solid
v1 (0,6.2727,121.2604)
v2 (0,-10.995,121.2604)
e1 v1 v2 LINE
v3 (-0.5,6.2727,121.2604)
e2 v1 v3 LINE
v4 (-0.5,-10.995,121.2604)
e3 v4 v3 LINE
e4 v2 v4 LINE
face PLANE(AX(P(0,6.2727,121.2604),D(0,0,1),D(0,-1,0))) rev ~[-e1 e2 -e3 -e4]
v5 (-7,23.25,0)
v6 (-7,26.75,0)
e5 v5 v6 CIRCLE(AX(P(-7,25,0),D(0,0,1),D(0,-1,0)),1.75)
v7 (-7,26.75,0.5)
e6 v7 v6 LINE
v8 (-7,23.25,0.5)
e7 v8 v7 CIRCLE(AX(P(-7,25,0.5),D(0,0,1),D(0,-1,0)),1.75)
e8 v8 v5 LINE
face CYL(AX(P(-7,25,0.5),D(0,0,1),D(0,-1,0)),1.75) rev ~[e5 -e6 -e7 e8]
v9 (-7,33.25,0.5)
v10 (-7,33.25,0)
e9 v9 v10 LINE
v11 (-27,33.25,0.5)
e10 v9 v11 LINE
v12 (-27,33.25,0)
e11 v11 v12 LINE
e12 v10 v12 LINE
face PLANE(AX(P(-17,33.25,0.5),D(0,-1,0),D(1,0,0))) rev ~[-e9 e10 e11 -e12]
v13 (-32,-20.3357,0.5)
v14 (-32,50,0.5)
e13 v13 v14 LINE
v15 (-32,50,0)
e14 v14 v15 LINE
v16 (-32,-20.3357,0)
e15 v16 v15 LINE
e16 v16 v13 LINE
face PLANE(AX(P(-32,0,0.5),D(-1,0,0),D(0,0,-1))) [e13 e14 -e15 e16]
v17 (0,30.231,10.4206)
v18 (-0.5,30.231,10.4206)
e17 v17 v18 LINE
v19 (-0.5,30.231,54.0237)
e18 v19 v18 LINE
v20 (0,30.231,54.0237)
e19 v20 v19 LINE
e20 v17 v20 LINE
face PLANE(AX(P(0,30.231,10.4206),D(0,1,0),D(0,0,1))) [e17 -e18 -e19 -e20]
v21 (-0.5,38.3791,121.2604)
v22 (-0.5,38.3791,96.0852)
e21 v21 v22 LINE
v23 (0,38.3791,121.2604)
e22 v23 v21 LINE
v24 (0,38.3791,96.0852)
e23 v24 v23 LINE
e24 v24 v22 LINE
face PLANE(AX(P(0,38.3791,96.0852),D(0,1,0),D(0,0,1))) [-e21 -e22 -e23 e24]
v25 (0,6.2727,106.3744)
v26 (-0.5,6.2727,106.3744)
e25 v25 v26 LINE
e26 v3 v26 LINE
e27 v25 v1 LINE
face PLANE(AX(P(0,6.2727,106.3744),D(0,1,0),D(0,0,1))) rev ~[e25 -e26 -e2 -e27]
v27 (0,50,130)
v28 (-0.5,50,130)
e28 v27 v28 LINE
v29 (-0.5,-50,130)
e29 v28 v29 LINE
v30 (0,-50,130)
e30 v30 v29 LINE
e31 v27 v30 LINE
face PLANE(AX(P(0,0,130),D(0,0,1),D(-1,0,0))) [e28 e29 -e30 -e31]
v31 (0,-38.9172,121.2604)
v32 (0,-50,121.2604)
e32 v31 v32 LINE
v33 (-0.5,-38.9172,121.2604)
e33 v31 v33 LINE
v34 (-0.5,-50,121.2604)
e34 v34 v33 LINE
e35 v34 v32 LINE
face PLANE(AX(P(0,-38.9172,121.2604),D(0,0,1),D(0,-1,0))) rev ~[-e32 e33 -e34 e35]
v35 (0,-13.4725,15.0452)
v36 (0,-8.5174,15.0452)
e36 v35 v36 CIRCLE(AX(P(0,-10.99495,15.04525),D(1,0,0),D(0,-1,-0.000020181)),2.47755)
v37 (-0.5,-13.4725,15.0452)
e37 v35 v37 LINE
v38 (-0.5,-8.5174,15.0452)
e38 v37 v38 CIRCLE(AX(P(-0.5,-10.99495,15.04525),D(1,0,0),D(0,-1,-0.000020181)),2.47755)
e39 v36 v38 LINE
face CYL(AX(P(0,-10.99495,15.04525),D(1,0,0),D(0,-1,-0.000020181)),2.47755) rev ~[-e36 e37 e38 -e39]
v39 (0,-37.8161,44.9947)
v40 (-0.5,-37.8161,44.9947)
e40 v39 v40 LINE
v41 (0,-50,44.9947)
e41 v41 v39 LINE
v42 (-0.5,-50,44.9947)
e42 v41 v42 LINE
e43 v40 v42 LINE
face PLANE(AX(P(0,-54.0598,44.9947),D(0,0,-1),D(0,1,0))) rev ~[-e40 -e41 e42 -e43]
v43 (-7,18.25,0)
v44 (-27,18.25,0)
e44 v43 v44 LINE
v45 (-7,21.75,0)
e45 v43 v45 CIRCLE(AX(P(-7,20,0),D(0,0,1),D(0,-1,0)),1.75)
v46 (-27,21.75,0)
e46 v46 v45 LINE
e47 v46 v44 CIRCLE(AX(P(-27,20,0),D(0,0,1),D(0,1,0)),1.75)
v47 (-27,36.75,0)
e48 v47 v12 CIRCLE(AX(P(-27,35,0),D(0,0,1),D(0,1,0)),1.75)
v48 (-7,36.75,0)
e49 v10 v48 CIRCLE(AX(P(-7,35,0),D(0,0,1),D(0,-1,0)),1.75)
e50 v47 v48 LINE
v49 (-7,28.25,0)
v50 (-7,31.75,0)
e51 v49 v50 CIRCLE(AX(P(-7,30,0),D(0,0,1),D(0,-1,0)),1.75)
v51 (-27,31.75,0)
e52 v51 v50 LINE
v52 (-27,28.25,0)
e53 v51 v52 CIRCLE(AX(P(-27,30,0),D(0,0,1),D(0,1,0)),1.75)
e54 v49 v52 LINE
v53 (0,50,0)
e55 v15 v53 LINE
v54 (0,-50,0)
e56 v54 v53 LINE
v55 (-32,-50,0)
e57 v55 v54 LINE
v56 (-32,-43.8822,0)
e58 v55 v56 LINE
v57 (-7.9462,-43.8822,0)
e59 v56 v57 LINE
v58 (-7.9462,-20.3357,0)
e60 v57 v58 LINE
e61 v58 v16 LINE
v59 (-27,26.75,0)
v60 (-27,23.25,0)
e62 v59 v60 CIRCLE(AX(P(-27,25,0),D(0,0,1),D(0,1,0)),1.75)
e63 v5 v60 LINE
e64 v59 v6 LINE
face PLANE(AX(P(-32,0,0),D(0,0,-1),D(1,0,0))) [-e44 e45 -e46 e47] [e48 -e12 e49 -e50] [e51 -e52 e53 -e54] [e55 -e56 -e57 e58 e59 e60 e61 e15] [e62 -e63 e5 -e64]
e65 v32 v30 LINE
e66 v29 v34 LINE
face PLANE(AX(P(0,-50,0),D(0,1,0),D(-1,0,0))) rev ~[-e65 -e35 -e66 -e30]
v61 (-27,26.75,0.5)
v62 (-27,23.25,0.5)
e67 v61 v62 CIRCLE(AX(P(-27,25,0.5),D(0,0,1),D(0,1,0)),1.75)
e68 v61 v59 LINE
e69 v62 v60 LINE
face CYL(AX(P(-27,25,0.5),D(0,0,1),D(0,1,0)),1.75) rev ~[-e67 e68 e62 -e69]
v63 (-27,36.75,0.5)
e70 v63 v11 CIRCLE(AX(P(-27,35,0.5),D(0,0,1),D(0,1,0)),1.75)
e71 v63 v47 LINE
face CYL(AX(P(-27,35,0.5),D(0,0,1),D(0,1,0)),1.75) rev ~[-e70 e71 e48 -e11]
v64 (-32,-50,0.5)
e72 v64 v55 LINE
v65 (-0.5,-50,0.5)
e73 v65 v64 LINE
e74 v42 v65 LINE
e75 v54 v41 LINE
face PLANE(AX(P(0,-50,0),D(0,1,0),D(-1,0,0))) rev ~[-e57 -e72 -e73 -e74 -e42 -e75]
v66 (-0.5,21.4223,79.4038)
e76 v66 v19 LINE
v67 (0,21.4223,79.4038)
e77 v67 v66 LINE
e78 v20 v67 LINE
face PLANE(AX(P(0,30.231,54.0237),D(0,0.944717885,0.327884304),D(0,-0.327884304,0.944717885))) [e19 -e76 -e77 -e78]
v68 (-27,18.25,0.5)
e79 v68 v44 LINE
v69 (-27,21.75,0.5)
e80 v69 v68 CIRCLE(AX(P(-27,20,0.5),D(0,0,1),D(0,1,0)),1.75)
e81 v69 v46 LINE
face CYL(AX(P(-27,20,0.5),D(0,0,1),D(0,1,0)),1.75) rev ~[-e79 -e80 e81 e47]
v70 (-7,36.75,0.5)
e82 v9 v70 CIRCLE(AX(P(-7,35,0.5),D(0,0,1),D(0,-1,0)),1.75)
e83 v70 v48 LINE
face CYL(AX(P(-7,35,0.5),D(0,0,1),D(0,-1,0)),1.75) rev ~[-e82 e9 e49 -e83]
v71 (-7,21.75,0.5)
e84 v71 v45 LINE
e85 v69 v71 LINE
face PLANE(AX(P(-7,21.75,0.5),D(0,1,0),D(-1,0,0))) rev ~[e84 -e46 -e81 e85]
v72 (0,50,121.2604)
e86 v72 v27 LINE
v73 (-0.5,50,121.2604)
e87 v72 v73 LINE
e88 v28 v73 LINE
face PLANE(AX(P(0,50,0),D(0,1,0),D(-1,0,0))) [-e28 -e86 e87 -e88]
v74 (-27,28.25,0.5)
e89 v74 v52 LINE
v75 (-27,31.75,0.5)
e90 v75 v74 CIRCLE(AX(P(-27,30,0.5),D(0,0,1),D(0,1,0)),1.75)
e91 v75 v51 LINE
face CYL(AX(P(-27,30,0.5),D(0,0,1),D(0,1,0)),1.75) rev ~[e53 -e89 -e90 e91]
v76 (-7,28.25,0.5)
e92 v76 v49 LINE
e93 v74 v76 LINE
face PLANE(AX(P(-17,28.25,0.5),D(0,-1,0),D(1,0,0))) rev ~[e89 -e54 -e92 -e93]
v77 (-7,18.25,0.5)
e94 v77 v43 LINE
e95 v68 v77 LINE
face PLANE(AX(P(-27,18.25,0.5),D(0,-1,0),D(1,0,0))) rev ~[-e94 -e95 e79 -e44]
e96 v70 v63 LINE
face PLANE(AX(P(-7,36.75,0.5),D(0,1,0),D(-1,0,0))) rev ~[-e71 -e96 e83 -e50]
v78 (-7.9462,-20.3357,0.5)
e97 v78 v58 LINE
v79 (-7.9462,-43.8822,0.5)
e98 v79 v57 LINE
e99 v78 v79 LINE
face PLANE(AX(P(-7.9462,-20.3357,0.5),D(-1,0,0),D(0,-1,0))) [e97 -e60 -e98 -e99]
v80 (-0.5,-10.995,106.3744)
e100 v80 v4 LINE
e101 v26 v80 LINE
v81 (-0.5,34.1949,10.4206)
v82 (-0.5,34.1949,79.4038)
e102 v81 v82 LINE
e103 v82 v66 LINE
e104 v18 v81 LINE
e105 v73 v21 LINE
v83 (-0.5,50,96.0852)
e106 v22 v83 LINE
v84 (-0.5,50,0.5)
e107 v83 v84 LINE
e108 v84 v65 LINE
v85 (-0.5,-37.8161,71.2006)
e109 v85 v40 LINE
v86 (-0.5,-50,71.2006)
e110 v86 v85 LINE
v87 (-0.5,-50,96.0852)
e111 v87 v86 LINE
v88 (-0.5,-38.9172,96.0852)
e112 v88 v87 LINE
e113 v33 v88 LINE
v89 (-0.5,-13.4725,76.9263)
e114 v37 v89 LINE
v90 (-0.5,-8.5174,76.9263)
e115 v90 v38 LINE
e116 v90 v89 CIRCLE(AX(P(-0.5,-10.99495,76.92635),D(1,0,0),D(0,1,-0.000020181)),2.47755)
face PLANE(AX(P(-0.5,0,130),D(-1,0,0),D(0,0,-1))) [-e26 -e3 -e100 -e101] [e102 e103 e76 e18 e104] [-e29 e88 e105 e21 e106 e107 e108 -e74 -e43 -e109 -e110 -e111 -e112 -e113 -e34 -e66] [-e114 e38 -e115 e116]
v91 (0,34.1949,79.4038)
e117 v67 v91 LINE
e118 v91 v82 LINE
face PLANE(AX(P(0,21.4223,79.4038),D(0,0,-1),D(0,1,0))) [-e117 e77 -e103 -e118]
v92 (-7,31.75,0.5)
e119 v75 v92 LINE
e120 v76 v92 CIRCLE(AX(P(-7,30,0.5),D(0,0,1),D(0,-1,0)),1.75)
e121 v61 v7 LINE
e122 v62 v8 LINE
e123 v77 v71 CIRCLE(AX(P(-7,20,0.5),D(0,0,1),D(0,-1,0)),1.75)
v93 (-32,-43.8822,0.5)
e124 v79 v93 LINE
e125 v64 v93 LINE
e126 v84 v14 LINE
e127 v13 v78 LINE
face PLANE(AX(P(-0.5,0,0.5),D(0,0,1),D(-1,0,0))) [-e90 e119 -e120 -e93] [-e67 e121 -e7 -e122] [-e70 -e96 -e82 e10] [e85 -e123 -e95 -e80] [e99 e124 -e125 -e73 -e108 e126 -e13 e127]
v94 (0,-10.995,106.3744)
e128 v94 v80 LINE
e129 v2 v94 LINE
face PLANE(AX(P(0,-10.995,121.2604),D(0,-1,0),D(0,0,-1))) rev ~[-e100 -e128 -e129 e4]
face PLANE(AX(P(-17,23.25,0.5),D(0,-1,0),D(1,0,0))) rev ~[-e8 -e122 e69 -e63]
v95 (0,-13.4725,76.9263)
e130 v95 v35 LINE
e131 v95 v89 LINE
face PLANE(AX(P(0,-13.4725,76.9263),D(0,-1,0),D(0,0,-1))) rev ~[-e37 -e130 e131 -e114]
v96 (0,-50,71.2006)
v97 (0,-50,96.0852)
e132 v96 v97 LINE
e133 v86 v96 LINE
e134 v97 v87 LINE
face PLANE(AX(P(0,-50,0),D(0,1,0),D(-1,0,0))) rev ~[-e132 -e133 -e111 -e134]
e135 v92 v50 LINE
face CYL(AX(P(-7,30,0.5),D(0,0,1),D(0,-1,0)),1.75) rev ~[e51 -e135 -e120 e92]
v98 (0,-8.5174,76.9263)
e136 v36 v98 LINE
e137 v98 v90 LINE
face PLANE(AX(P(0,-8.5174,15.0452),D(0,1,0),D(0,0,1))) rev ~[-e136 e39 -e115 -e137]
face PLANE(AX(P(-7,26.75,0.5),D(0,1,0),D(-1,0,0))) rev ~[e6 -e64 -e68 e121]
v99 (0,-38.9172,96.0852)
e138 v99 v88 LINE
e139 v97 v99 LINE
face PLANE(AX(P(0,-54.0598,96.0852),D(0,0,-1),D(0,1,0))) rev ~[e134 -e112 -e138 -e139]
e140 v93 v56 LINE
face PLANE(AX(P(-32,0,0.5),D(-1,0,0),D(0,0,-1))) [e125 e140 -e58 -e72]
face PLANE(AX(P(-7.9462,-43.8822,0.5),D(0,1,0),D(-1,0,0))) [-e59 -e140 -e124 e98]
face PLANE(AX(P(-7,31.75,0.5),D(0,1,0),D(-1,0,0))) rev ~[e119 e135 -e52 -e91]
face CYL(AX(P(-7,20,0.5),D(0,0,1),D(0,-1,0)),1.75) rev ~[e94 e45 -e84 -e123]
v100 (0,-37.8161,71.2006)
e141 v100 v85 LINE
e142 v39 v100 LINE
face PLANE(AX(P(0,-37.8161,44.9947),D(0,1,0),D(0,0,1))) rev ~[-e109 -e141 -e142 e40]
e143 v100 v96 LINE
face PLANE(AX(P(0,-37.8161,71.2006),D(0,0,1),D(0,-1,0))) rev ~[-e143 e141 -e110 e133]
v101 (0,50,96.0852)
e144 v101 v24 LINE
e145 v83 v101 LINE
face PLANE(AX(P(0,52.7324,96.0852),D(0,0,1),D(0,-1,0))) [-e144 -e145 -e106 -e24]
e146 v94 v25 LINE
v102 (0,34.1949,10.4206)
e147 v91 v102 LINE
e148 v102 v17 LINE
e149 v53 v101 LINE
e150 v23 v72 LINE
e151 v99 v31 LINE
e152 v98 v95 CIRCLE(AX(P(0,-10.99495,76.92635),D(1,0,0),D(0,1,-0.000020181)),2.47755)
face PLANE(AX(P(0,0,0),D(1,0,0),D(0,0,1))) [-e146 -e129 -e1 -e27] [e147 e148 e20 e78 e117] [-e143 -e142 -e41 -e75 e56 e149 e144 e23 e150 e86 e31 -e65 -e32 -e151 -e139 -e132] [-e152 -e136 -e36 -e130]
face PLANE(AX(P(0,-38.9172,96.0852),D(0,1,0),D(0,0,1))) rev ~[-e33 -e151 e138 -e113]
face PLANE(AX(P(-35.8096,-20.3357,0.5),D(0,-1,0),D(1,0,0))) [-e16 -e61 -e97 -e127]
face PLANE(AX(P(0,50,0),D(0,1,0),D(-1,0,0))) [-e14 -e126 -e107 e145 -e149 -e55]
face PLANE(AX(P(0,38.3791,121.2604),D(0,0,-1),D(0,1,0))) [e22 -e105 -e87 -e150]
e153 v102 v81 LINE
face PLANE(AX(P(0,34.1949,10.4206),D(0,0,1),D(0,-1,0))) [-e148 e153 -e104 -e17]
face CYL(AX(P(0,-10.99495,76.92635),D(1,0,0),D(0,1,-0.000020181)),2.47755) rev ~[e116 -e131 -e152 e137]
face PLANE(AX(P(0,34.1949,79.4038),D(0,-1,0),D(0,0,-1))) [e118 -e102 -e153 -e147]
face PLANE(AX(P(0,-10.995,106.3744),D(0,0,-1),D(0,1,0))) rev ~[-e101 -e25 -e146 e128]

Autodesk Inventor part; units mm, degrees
ref_plane "YZ Plane" through (0, 0, 0) normal (1, 0, 0) x (0, 1, 0)
ref_plane "XZ Plane" through (0, 0, 0) normal (0, 1, 0) x (-1, 0, 0)
ref_plane "XY Plane" through (0, 0, 0) normal (0, 0, 1) x (1, 0, 0)
sketch "Sketch1" plane through (0, 0, 0) normal (0, 1, 0) x (-1, 0, 0)
  line L0 (0, 0) -> (0, 130)
  line L1 (0, 130) -> (0.5, 130)
  line L2 (0.5, 130) -> (0.5, 0.5)
  line L3 (0.5, 0.5) -> (32, 0.5)
  line L4 (32, 0.5) -> (32, 0)
  line L5 (32, 0) -> (0, 0)
  dimension "d0" = 0.5
  dimension "d1" = 130
  dimension "d2" = 32
extrude "Extrusion1" add sketch "Sketch1" along normal mid plane 100
sketch "Sketch2" plane through (0, -50, 0) normal (1, 0, 0) x (0, 0, -1)
  line L0 (-121.2604, 39.005) -> (-106.3744, 39.005)
  line L1 (-106.3744, 39.005) -> (-106.3744, 56.2727)
  line L2 (-106.3744, 56.2727) -> (-121.2604, 56.2727)
  line L3 (-121.2604, 56.2727) -> (-121.2604, 39.005)
  line L4 (-121.2604, -4.0598) -> (-96.0852, -4.0598)
  line L5 (-96.0852, -4.0598) -> (-96.0852, 11.0828)
  line L6 (-96.0852, 11.0828) -> (-121.2604, 11.0828)
  line L7 (-121.2604, 11.0828) -> (-121.2604, -4.0598)
  line L8 (-71.2006, -4.0598) -> (-44.9947, -4.0598)
  line L9 (-44.9947, -4.0598) -> (-44.9947, 12.1839)
  line L10 (-44.9947, 12.1839) -> (-71.2006, 12.1839)
  line L11 (-71.2006, 12.1839) -> (-71.2006, -4.0598)
  line L12 (-121.2604, 102.7324) -> (-96.0852, 102.7324)
  line L13 (-96.0852, 102.7324) -> (-96.0852, 88.3791)
  line L14 (-96.0852, 88.3791) -> (-121.2604, 88.3791)
  line L15 (-121.2604, 88.3791) -> (-121.2604, 102.7324)
  line L16 (-15.0452, 39.005) -> (-76.9263, 39.005) construction
  line L17 (-15.0452, 41.4826) -> (-76.9263, 41.4826)
  line L18 (-76.9263, 36.5275) -> (-15.0452, 36.5275)
  arc A0 (-15.0452, 36.5275) -> (-15.0452, 41.4826) centre (-15.0452, 39.005) ccw
  arc A1 (-76.9263, 41.4826) -> (-76.9263, 36.5275) centre (-76.9263, 39.005) ccw
  line L19 (-79.4038, 71.4223) -> (-79.4038, 84.1949)
  line L20 (-79.4038, 84.1949) -> (-10.4206, 84.1949)
  line L21 (-10.4206, 84.1949) -> (-10.4206, 80.231)
  line L22 (-10.4206, 80.231) -> (-54.0237, 80.231)
  line L23 (-54.0237, 80.231) -> (-79.4038, 71.4223)
  point P0 (0, 50)
  point P1 (-45.9857, 39.005)
extrude "Extrusion2" cut sketch "Sketch2" against normal blind 100
sketch "Sketch3" plane through (-32, 50, 0.5) normal (0, 0, 1) x (1, 0, 0)
  line L0 (5, -15) -> (25, -15) construction
  line L1 (5, -16.75) -> (25, -16.75)
  line L2 (25, -13.25) -> (5, -13.25)
  arc A0 (5, -13.25) -> (5, -16.75) centre (5, -15) ccw
  arc A1 (25, -16.75) -> (25, -13.25) centre (25, -15) ccw
  line L3 (5, -20) -> (25, -20) construction
  line L4 (5, -21.75) -> (25, -21.75)
  line L5 (25, -18.25) -> (5, -18.25)
  arc A2 (5, -18.25) -> (5, -21.75) centre (5, -20) ccw
  arc A3 (25, -21.75) -> (25, -18.25) centre (25, -20) ccw
  line L6 (5, -25) -> (25, -25) construction
  line L7 (5, -26.75) -> (25, -26.75)
  line L8 (25, -23.25) -> (5, -23.25)
  arc A4 (5, -23.25) -> (5, -26.75) centre (5, -25) ccw
  arc A5 (25, -26.75) -> (25, -23.25) centre (25, -25) ccw
  line L9 (5, -30) -> (25, -30) construction
  line L10 (5, -31.75) -> (25, -31.75)
  line L11 (25, -28.25) -> (5, -28.25)
  arc A6 (5, -28.25) -> (5, -31.75) centre (5, -30) ccw
  arc A7 (25, -31.75) -> (25, -28.25) centre (25, -30) ccw
  line L12 (15, -15) -> (15, -20)
  line L13 (15, -20) -> (15, -25)
  line L14 (15, -25) -> (15, -30)
  line L15 (0, 0) -> (0, -100) projected
  line L16 (0, 0) -> (31.5, 0) projected
  point P0 (32, -50)
  dimension "d7" = 1.75
  dimension "d8" = 15
  dimension "d9" = 20
  dimension "d10" = 15
  dimension "d11" = 5
extrude "Extrusion3" cut sketch "Sketch3" against normal blind 100
sketch "Sketch4" plane through (-32, 50, 0.5) normal (0, 0, 1) x (1, 0, 0)
  line L0 (-3.8096, -70.3357) -> (24.0538, -70.3357)
  line L1 (24.0538, -70.3357) -> (24.0538, -93.8822)
  line L2 (24.0538, -93.8822) -> (-3.8096, -93.8822)
  line L3 (-3.8096, -93.8822) -> (-3.8096, -70.3357)
  point P0 (32, -50)
extrude "Extrusion4" cut sketch "Sketch4" against normal through all
properties part number "Platina lateral interna 1" material "Steel"
